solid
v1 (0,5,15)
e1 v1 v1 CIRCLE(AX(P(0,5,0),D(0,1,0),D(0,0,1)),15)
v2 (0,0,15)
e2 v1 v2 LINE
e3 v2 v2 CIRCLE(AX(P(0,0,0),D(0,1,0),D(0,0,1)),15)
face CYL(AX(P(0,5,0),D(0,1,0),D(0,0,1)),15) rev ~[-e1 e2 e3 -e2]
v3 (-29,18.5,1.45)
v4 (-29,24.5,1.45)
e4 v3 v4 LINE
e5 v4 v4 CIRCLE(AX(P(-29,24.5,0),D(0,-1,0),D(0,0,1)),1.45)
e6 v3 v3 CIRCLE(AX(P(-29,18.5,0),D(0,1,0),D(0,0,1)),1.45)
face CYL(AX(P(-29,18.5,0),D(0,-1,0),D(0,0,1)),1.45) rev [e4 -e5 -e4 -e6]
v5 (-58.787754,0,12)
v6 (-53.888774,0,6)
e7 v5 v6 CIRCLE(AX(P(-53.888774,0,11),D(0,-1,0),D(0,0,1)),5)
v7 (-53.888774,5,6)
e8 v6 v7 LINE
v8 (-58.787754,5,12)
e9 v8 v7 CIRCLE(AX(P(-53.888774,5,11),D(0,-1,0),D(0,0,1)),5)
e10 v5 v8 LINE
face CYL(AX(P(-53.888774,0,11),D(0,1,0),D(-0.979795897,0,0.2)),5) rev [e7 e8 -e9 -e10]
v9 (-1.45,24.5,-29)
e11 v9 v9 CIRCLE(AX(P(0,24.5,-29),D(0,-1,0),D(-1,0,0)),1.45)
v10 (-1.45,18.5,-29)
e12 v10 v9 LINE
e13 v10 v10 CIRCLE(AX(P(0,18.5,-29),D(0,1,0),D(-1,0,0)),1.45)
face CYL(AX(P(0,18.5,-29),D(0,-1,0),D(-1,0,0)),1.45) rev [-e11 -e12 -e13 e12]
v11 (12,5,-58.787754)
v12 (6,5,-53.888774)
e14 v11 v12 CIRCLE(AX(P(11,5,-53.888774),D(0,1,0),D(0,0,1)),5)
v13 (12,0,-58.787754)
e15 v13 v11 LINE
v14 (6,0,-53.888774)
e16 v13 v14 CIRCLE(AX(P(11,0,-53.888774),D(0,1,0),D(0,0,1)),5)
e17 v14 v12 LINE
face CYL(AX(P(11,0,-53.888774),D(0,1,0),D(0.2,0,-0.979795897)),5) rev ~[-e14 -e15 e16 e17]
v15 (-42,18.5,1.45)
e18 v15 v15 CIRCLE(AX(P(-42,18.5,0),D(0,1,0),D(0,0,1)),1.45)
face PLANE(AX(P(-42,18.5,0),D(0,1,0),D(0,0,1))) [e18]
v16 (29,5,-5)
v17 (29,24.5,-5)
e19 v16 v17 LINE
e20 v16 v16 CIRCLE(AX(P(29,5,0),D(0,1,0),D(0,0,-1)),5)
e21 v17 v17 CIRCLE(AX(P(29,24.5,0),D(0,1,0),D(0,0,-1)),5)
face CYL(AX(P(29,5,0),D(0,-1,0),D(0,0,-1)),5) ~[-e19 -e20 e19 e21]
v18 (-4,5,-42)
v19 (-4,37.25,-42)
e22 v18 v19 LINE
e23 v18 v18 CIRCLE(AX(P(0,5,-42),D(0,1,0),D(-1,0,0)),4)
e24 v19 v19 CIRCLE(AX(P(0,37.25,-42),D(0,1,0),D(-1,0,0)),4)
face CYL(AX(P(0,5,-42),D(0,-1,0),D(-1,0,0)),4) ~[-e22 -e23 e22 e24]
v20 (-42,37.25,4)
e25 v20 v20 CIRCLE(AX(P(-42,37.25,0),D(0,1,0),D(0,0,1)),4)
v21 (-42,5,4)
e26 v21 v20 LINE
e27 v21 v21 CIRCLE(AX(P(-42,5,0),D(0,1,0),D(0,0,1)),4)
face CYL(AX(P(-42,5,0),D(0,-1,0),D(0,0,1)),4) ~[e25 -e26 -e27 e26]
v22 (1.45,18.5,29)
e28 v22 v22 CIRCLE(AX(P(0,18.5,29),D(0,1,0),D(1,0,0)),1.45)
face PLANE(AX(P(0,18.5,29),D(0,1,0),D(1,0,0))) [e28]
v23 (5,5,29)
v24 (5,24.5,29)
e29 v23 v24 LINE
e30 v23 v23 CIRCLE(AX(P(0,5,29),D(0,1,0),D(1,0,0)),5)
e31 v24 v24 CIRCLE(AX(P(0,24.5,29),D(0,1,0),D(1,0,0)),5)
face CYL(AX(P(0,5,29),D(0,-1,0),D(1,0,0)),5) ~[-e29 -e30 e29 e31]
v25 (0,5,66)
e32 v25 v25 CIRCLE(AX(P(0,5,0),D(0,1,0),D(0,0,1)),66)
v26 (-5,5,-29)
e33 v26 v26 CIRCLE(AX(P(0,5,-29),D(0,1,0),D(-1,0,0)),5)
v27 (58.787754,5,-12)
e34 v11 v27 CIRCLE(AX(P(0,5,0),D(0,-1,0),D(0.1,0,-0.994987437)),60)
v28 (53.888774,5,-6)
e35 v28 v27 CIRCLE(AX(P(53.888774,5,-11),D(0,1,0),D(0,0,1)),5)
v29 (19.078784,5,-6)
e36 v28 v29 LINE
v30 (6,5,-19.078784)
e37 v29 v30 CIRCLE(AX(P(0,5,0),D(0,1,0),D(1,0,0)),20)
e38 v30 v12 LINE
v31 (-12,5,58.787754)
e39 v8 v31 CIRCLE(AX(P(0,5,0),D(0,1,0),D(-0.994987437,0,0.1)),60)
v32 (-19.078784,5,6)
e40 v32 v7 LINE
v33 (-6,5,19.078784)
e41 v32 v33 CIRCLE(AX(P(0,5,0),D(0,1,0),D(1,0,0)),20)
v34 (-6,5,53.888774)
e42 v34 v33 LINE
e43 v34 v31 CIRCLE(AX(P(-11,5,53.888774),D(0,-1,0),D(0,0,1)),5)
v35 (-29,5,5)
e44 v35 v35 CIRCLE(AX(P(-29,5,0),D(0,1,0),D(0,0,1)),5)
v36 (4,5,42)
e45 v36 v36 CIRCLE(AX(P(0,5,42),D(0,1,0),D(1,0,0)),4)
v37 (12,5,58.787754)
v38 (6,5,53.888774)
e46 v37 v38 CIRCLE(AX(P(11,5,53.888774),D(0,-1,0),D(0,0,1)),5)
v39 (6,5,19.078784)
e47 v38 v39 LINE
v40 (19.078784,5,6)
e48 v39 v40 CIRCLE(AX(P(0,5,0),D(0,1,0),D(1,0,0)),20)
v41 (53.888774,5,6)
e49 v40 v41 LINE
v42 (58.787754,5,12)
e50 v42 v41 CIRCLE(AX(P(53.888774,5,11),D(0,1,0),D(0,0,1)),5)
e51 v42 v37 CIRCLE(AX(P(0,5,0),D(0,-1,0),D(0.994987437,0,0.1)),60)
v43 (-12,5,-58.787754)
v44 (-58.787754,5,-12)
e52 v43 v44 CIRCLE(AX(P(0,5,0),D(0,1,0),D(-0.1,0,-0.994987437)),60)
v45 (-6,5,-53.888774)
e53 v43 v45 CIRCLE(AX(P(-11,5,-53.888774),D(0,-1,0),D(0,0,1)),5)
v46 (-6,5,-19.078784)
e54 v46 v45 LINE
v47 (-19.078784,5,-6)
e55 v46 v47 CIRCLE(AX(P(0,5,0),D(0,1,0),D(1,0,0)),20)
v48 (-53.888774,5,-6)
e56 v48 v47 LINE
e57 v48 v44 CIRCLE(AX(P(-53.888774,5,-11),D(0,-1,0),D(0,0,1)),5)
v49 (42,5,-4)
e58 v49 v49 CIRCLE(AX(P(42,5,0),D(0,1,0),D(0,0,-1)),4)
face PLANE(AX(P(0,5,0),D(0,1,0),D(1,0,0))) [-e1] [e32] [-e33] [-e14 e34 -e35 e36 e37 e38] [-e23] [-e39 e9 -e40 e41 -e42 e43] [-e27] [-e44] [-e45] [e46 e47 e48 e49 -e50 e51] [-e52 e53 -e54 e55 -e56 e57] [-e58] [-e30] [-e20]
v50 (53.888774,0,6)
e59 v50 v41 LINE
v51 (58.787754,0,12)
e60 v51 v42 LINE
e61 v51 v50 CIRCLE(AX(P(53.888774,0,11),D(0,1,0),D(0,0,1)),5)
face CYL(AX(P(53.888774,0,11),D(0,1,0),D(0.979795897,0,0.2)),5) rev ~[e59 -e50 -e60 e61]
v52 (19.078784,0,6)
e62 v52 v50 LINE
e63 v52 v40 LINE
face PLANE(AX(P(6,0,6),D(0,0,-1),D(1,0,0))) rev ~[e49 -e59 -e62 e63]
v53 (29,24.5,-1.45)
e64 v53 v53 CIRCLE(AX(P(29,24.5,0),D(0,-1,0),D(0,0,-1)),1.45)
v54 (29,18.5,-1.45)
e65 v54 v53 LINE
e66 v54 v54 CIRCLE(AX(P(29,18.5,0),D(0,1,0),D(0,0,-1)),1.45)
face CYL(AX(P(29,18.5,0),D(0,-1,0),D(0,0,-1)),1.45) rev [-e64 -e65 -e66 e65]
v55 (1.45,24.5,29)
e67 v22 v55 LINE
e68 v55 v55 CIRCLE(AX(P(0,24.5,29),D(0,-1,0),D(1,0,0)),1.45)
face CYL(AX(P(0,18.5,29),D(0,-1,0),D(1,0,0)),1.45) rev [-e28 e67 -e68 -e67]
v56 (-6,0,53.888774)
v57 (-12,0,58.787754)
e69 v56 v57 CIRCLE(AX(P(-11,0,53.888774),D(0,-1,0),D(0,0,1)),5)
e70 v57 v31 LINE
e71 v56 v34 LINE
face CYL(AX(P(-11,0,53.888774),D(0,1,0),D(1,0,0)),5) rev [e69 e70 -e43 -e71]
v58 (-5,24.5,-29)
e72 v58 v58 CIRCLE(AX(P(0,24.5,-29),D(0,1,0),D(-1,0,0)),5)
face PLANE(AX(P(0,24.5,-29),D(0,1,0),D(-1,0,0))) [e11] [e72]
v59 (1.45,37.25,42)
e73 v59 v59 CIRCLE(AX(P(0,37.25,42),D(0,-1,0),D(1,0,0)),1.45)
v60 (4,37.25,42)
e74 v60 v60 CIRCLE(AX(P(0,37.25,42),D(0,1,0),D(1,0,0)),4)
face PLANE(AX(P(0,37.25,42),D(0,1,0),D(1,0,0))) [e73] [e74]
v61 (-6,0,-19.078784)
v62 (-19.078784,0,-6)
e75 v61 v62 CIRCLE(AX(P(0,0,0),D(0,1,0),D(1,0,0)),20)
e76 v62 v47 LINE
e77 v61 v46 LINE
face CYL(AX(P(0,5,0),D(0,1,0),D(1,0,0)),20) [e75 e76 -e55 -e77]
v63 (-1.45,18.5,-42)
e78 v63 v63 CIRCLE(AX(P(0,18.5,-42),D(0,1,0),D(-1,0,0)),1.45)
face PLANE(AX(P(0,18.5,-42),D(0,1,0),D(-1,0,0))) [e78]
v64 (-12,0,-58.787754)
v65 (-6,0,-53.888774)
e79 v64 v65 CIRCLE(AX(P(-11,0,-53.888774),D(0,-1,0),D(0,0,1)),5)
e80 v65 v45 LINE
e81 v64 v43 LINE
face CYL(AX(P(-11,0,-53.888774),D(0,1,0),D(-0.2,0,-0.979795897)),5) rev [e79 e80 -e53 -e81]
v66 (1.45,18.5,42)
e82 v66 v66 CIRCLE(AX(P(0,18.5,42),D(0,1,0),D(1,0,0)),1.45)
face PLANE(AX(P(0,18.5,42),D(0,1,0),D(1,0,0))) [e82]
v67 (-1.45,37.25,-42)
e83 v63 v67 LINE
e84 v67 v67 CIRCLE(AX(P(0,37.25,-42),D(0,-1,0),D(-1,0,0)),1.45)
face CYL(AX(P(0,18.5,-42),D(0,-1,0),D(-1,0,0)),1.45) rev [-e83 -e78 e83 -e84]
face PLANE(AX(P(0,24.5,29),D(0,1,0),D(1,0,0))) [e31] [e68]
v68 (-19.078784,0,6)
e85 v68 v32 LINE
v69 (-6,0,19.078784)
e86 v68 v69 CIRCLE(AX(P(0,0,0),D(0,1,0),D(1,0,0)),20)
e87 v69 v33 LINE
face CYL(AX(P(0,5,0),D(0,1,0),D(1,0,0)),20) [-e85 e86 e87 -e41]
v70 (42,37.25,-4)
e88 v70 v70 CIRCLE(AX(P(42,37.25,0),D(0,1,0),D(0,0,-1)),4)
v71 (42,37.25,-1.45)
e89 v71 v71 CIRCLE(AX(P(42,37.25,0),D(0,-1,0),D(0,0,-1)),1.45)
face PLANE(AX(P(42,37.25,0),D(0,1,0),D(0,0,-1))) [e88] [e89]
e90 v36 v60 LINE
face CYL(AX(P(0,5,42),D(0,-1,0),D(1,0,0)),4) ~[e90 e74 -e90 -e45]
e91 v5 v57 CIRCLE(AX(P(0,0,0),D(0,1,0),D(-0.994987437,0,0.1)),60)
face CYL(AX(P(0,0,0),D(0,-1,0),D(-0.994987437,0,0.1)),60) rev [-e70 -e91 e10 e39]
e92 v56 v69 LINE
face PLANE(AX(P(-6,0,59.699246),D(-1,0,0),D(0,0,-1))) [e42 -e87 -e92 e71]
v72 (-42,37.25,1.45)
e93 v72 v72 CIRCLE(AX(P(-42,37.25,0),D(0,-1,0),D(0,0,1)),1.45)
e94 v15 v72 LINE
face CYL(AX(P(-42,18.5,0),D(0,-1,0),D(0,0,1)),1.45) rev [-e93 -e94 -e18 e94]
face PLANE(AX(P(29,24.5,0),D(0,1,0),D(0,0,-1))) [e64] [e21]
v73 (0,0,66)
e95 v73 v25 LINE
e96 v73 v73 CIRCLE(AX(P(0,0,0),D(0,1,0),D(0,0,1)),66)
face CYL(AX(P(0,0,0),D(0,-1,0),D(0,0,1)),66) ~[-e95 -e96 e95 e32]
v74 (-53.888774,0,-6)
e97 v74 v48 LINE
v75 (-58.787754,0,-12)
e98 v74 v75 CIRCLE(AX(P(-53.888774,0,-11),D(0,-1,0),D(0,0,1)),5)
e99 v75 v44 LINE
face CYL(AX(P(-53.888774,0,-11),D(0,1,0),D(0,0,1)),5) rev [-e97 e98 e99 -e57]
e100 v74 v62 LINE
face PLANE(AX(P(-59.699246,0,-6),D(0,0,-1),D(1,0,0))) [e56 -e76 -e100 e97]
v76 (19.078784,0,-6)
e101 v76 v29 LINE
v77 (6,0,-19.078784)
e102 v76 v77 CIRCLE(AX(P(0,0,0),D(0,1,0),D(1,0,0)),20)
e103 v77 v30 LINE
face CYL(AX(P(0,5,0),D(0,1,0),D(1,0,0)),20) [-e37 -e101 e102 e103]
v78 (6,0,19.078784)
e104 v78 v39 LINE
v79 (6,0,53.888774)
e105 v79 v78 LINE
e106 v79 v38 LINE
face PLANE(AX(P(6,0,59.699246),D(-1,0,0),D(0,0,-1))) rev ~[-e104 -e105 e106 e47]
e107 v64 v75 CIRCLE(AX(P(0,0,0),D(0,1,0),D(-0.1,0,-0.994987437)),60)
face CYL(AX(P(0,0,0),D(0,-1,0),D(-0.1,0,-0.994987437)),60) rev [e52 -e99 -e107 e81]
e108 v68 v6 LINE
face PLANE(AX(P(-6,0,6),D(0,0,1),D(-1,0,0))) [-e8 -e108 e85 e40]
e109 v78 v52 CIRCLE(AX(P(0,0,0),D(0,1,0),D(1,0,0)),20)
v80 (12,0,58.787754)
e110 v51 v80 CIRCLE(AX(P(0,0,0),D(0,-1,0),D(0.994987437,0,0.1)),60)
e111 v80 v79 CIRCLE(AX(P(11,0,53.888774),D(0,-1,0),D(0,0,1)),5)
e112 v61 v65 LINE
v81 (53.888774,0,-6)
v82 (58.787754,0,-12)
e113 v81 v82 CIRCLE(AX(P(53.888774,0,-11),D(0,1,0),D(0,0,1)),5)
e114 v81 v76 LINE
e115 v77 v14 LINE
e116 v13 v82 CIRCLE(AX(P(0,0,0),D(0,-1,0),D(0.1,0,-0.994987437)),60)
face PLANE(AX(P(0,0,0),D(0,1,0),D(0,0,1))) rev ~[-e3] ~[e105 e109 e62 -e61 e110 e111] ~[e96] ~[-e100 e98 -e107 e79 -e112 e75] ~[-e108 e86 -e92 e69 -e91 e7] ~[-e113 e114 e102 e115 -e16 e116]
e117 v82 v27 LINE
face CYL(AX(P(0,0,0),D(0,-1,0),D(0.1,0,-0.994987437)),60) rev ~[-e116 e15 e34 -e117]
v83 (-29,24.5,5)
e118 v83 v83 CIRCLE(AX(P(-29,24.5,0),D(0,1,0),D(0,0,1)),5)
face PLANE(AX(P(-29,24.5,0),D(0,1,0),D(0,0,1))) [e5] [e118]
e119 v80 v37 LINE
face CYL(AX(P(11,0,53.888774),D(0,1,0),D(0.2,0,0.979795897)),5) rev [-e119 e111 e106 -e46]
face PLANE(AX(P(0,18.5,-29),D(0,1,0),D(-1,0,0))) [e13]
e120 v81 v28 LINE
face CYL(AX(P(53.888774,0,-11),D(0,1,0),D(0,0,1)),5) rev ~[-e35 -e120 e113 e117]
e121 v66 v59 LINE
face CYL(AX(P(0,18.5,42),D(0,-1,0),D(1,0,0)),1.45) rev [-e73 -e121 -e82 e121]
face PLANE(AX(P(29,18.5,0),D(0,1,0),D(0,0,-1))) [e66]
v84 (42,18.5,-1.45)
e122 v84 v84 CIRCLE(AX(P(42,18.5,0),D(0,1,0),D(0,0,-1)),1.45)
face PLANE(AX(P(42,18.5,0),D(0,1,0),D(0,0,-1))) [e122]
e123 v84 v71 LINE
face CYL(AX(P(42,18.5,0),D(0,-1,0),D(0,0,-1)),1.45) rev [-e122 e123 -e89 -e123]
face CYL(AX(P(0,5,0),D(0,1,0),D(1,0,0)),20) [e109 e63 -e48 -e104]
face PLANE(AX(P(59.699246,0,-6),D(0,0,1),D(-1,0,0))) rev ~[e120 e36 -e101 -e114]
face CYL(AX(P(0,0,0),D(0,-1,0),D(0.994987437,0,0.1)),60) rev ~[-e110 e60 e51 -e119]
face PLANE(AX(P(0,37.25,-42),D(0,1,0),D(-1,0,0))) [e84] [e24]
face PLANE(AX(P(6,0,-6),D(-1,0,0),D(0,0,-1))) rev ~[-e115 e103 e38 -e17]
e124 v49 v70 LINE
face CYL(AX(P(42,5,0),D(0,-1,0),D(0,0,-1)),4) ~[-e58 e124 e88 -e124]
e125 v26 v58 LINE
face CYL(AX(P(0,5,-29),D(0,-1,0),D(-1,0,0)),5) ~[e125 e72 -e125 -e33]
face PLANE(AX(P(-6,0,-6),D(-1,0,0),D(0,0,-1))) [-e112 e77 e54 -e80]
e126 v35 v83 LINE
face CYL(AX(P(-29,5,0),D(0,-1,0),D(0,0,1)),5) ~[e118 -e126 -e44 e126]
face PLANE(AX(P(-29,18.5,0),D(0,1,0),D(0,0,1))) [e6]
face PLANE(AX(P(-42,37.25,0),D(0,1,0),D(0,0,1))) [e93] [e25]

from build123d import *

# Parameters (mm, degrees)
SKETCH1_R           = 66
BOSS_EXTRUDE1_DEPTH = 5
FILLET1_R           = 5
SKETCH3_R           = 5
BOSS_EXTRUDE3_DEPTH = 19.5
SKETCH4_R           = 20
BOSS_EXTRUDE4_DEPTH = 5
CIRPATTERN1_COUNT   = 4
SKETCH5_R           = 15
CUT_EXTRUDE1_DEPTH  = 10
SKETCH6_R           = 4
BOSS_EXTRUDE5_DEPTH = 32.25
CIRPATTERN2_COUNT   = 4
CUT_EXTRUDE3_START  = -6
SKETCH7_R           = 1.45
CUT_EXTRUDE3_DEPTH  = 103.5
CIRPATTERN3_COUNT   = 4


with BuildPart() as part:
    # Sketch1 → Boss-Extrude1 (new body)
    with BuildSketch(Plane(origin=(0, 0, 0), x_dir=(1, 0, 0), z_dir=(0, 1, 0))):
        with Locations(Location((0, 0, 0), (0, 0, 270))):
            Circle(SKETCH1_R)
        with BuildLine():
            Line((-6, -59.699246226), (-6, -6))
            Line((-6, -6), (-59.699246226, -6))
            ThreePointArc((-59.699246226, -6), (-42.426406871, -42.426406871), (-6, -59.699246226))
        make_face(mode=Mode.SUBTRACT)
        with BuildLine():
            Line((6, -59.699246226), (6, -6))
            Line((6, -6), (59.699246226, -6))
            ThreePointArc((59.699246226, -6), (42.426406871, -42.426406871), (6, -59.699246226))
        make_face(mode=Mode.SUBTRACT)
        with BuildLine():
            Line((-59.699246226, 6), (-6, 6))
            Line((-6, 6), (-6, 59.699246226))
            ThreePointArc((-6, 59.699246226), (-42.426406871, 42.426406871), (-59.699246226, 6))
        make_face(mode=Mode.SUBTRACT)
        with BuildLine():
            Line((6, 6), (6, 59.699246226))
            ThreePointArc((6, 59.699246226), (42.426406871, 42.426406871), (59.699246226, 6))
            Line((59.699246226, 6), (6, 6))
        make_face(mode=Mode.SUBTRACT)
    extrude(amount=BOSS_EXTRUDE1_DEPTH)

    # Fillet1
    fillet1_edges = [part.edges().sort_by_distance(p)[0] for p in [
        (-6, 2.5, -59.699246226),
        (-59.699246226, 2.5, -6),
        (-6, 2.5, -6),
        (6, 2.5, 59.699246226),
        (59.699246226, 2.5, 6),
        (6, 2.5, 6),
        (59.699246226, 2.5, -6),
        (6, 2.5, -59.699246226),
        (6, 2.5, -6),
        (-59.699246226, 2.5, 6),
        (-6, 2.5, 59.699246226),
        (-6, 2.5, 6),
    ]]
    fillet(fillet1_edges, radius=FILLET1_R)

    # Sketch3 → Boss-Extrude3 (add)
    with BuildSketch(Plane(origin=(0, 5, 0), x_dir=(1, 0, 0), z_dir=(0, 1, 0))):
        with Locations(Location((-29, 0, 0), (0, 0, 270))):
            Circle(SKETCH3_R)
    boss_extrude3 = extrude(amount=BOSS_EXTRUDE3_DEPTH)

    # Sketch4 → Boss-Extrude4 (add)
    with BuildSketch(Plane(origin=(0, 5, 0), x_dir=(1, 0, 0), z_dir=(0, 1, 0))):
        Circle(SKETCH4_R)
    extrude(amount=-BOSS_EXTRUDE4_DEPTH)

    # CirPattern1: Boss-Extrude3 ×4 about axis
    cirpattern1_axis = Axis((0, 0, 0), (0, 1, 0))
    for i in range(1, CIRPATTERN1_COUNT):
        add(boss_extrude3.rotate(cirpattern1_axis, i * 360 / CIRPATTERN1_COUNT))

    # Sketch5 → Cut-Extrude1 (cut)
    with BuildSketch(Plane(origin=(0, 5, 0), x_dir=(1, 0, 0), z_dir=(0, 1, 0))):
        with Locations(Location((0, 0, 0), (0, 0, 270))):
            Circle(SKETCH5_R)
    extrude(amount=-CUT_EXTRUDE1_DEPTH, mode=Mode.SUBTRACT)

    # Sketch6 → Boss-Extrude5 (add)
    with BuildSketch(Plane(origin=(0, 5, 0), x_dir=(1, 0, 0), z_dir=(0, 1, 0))):
        with Locations(Location((-42, 0, 0), (0, 0, 270))):
            Circle(SKETCH6_R)
    boss_extrude5 = extrude(amount=BOSS_EXTRUDE5_DEPTH)

    # CirPattern2: Boss-Extrude5 ×4 about axis
    cirpattern2_axis = Axis((0, 0, 0), (0, 1, 0))
    for i in range(1, CIRPATTERN2_COUNT):
        add(boss_extrude5.rotate(cirpattern2_axis, i * 360 / CIRPATTERN2_COUNT))

    # Sketch7 → Cut-Extrude3 (cut)
    with BuildSketch(Plane(origin=(0, 24.5, 0), x_dir=(1, 0, 0), z_dir=(0, 1, 0)).offset(CUT_EXTRUDE3_START)):
        with Locations(Location((-29, 0, 0), (0, 0, 270))):
            Circle(SKETCH7_R)
        with Locations(Location((-42, 0, 0), (0, 0, 270))):
            Circle(SKETCH7_R)
    cut_extrude3 = extrude(amount=CUT_EXTRUDE3_DEPTH, mode=Mode.SUBTRACT)

    # CirPattern3: Cut-Extrude3 ×4 about axis
    cirpattern3_axis = Axis((0, 0, 0), (0, 1, 0))
    for i in range(1, CIRPATTERN3_COUNT):
        add(cut_extrude3.rotate(cirpattern3_axis, i * 360 / CIRPATTERN3_COUNT), mode=Mode.SUBTRACT)


solid = part.part
